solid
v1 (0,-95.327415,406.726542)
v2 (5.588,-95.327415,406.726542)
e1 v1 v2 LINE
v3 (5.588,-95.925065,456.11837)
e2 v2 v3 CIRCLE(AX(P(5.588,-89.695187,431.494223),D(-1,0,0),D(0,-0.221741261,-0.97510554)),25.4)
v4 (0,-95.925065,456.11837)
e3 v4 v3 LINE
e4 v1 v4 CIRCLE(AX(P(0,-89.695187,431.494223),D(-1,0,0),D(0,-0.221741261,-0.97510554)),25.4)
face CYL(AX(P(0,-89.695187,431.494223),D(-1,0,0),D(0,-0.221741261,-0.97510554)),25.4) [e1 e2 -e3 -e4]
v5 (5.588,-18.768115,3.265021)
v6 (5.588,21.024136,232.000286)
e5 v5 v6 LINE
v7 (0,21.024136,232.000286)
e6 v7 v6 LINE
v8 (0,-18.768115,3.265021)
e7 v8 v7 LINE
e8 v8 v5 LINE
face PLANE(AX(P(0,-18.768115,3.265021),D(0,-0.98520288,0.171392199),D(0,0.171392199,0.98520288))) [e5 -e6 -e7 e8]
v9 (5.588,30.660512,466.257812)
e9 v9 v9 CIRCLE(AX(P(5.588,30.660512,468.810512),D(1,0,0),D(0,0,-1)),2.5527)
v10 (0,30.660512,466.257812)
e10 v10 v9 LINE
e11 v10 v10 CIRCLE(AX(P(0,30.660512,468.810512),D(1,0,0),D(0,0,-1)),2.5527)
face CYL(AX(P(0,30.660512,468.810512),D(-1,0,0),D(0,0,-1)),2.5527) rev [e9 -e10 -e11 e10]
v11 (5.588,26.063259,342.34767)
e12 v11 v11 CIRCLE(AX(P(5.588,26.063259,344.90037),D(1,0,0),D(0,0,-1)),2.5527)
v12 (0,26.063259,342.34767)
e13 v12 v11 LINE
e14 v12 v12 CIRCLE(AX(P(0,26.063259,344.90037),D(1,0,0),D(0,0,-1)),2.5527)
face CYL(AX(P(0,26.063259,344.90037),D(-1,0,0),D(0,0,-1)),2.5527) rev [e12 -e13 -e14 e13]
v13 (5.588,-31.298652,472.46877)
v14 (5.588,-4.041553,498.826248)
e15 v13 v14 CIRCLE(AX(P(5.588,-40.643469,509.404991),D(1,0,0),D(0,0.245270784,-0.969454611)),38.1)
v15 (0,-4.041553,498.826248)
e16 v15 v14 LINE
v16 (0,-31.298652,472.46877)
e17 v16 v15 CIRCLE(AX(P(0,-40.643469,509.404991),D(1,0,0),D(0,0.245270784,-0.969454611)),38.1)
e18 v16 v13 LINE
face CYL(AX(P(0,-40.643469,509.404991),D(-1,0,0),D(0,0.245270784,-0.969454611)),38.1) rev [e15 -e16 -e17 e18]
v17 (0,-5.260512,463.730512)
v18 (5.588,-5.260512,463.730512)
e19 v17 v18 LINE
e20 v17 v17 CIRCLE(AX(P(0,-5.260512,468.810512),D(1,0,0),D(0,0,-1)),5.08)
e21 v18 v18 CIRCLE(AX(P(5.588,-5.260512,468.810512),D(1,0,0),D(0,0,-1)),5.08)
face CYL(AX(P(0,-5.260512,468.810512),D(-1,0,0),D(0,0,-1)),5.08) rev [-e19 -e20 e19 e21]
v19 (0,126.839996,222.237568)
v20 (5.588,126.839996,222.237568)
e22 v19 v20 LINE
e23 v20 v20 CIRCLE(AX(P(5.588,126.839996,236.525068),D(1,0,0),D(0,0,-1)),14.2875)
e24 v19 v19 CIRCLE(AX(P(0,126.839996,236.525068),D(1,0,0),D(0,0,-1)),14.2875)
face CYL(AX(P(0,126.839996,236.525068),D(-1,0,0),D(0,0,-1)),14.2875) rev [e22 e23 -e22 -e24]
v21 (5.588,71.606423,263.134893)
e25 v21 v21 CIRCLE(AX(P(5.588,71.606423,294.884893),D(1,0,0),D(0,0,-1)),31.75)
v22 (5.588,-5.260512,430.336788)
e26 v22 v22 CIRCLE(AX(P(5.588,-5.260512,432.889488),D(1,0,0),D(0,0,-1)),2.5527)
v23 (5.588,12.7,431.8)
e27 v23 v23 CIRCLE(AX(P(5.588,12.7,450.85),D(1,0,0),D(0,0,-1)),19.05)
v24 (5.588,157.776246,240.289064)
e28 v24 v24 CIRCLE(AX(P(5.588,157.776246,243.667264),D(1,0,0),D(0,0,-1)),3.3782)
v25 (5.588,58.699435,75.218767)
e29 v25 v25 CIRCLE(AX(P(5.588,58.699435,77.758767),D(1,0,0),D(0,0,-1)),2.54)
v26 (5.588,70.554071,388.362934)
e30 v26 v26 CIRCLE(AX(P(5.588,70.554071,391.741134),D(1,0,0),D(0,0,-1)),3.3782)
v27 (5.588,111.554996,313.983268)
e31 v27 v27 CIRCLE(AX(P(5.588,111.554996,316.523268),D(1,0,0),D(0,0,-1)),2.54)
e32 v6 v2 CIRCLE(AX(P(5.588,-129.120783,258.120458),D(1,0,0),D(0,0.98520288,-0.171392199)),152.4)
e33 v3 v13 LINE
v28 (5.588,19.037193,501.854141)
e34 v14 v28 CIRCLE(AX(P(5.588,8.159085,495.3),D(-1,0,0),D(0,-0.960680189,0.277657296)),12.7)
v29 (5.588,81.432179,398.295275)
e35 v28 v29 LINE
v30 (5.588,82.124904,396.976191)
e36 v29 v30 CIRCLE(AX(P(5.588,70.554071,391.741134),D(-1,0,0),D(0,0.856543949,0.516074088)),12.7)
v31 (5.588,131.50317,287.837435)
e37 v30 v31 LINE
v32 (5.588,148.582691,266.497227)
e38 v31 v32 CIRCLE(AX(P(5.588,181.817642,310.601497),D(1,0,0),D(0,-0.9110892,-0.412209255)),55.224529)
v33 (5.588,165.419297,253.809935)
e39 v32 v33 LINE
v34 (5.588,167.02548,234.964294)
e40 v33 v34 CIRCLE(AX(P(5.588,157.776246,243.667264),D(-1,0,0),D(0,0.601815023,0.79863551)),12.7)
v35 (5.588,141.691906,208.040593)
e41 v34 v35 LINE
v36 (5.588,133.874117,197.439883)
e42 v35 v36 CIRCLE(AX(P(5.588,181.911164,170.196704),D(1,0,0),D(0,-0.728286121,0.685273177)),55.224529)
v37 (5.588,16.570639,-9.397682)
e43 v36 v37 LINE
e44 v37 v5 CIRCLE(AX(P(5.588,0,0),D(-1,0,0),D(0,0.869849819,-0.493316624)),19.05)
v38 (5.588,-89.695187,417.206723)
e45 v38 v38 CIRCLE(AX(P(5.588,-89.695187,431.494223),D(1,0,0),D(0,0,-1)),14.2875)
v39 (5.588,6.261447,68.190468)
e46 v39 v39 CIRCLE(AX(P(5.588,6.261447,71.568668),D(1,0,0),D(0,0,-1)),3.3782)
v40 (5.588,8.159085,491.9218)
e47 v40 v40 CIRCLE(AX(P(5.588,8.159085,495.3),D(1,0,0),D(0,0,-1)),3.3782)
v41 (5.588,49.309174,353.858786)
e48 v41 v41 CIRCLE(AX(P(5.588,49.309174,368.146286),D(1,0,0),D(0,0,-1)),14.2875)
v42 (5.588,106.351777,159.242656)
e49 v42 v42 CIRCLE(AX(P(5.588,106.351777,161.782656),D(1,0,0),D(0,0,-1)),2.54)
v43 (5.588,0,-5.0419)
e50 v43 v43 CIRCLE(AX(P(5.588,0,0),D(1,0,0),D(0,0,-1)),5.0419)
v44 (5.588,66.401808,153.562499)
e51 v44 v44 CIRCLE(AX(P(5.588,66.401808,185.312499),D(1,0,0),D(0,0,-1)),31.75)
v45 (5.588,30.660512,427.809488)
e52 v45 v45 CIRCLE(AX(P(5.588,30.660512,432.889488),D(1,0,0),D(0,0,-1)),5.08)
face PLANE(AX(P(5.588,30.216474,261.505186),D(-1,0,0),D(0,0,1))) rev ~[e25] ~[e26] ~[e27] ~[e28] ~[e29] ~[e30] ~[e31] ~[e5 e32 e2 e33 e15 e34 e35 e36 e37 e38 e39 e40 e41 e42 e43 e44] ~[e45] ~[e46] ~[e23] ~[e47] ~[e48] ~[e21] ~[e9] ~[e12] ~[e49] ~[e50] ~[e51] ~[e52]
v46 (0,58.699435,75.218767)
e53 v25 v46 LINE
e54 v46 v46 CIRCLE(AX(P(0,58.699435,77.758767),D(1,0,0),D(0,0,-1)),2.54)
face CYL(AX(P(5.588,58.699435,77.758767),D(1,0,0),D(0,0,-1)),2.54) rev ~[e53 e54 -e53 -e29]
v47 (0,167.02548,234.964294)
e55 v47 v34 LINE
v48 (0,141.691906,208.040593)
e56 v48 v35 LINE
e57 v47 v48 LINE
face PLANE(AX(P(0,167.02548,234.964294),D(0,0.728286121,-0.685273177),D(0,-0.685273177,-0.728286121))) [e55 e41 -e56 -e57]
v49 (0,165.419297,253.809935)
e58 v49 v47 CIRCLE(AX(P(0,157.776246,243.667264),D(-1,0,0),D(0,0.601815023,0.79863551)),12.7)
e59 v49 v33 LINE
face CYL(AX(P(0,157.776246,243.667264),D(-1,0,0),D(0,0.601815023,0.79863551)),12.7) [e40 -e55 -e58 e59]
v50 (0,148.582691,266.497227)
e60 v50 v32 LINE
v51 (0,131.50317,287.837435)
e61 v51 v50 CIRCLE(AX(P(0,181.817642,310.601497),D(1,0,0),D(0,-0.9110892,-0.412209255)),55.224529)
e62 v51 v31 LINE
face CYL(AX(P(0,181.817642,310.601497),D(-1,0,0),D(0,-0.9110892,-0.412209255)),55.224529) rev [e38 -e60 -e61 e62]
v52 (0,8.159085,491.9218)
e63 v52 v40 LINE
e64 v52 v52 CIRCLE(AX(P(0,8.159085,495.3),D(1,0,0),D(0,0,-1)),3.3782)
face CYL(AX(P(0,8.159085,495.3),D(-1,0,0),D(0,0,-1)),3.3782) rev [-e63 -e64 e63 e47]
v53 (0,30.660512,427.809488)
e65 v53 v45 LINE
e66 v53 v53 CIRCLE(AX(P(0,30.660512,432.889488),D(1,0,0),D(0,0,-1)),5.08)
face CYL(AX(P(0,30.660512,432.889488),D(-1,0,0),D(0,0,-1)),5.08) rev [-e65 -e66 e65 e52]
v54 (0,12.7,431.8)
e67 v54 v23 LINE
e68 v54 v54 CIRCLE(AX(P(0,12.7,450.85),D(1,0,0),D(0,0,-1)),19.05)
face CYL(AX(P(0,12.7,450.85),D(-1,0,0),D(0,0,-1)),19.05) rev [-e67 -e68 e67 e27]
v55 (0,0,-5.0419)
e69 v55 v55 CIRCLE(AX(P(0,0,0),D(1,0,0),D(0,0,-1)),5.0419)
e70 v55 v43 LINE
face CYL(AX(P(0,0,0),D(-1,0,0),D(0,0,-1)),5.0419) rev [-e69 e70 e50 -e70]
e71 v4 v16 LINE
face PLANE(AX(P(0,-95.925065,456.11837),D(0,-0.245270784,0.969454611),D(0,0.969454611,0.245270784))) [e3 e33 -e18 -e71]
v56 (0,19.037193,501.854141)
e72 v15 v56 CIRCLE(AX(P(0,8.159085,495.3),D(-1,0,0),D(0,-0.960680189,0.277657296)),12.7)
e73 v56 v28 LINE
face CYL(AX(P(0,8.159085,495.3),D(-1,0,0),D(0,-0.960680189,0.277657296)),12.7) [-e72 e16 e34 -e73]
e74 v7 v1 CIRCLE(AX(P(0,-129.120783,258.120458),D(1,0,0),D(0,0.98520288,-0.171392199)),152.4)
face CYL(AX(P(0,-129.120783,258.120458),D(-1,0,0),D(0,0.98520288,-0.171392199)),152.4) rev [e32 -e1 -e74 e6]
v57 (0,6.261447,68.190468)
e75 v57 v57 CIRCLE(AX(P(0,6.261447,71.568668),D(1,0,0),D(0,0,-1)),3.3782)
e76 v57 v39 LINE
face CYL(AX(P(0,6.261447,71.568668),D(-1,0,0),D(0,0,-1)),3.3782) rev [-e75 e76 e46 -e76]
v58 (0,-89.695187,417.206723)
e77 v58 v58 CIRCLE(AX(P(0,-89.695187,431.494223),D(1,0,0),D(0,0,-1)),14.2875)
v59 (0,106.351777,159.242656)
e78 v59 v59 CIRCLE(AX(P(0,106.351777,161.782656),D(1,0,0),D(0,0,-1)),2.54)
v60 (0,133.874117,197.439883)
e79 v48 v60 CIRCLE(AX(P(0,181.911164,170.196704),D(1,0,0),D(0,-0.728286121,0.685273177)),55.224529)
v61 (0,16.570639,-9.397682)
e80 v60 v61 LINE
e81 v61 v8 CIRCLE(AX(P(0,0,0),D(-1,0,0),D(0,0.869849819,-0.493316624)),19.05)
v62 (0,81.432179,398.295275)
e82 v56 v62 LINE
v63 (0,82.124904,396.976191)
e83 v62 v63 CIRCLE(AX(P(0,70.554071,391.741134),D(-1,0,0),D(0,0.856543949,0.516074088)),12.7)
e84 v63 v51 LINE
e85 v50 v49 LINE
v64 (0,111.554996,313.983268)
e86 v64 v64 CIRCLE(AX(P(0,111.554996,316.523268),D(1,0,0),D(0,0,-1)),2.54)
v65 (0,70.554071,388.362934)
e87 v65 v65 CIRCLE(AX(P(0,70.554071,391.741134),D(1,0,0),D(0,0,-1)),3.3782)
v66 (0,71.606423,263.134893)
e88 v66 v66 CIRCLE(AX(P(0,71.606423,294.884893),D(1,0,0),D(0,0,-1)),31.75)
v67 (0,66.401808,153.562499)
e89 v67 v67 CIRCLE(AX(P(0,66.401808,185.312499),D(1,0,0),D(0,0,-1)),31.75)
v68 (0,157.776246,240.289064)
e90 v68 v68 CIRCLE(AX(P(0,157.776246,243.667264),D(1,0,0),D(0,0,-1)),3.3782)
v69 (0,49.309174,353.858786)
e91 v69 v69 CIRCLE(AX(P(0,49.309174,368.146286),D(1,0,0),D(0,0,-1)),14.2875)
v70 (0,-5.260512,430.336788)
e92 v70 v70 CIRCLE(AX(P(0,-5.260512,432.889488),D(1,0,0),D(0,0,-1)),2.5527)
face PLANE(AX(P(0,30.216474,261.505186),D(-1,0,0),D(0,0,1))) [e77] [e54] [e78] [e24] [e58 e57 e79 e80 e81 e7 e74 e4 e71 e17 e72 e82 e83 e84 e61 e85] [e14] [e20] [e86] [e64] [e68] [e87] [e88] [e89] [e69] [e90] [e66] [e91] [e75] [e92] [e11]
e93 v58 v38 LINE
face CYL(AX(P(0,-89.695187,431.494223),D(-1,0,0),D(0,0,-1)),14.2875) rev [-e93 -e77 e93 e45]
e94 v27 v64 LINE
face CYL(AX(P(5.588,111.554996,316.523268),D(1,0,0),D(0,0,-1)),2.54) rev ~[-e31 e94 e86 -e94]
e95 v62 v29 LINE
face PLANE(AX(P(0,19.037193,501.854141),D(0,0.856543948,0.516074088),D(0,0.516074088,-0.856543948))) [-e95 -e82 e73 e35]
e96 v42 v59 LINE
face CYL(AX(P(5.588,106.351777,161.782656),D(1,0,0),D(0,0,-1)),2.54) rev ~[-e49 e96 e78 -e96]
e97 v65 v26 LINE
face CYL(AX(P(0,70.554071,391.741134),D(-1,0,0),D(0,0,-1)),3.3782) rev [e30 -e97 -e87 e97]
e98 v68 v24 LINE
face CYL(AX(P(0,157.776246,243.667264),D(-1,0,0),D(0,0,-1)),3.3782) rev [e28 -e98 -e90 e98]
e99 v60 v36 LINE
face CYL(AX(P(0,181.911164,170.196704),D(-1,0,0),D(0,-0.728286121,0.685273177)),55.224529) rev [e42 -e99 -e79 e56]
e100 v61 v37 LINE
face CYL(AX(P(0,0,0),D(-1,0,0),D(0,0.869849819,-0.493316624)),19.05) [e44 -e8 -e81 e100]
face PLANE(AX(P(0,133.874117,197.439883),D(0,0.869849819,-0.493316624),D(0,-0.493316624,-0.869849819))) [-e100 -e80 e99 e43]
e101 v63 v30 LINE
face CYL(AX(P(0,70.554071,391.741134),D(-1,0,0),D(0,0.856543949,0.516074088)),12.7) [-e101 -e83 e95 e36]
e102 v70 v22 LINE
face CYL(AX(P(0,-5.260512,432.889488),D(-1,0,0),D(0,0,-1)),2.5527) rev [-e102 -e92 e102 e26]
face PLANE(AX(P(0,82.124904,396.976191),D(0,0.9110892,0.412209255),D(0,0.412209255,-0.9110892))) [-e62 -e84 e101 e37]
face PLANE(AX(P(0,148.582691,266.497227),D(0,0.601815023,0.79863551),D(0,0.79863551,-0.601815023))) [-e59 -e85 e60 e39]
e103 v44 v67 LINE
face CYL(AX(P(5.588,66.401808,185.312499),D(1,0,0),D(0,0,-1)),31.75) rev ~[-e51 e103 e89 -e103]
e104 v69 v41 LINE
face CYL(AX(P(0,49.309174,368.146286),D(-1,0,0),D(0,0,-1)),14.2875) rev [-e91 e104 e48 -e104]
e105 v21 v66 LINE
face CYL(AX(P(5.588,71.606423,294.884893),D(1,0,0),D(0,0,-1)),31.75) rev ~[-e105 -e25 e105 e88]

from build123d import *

# Parameters (mm, degrees)
SKETCH2_R           = 14.2875
SKETCH2_R_2         = 19.05
SKETCH2_R_3         = 2.5527
SKETCH2_R_4         = 5.0419
SKETCH2_R_5         = 3.3782
SKETCH2_R_6         = 5.08
BOSS_EXTRUDE1_DEPTH = 5.588
SKETCH4_R           = 31.75
SKETCH4_R_2         = 2.54
CUT_EXTRUDE1_DEPTH  = 6.588


with BuildPart() as part:
    # Sketch2 → Boss-Extrude1 (new body)
    with BuildSketch(Plane(origin=(0, 0, 0), x_dir=(0, 0, -1), z_dir=(1, 0, 0))):
        with BuildLine():
            Line((-456.118369633, -95.925064686), (-472.468769944, -31.298651711))
            ThreePointArc((-472.468769944, -31.298651711), (-482.016027605, -14.158478394), (-498.826247655, -4.041553364))
            ThreePointArc((-498.826247655, -4.041553364), (-507.892088549, 6.507023908), (-501.854140922, 19.037193183))
            Line((-501.854140922, 19.037193183), (-398.295274803, 81.43217891))
            ThreePointArc((-398.295274803, 81.43217891), (-397.645900343, 81.797901654), (-396.976191421, 82.124903604))
            Line((-396.976191421, 82.124903604), (-287.837435211, 131.503170214))
            ThreePointArc((-287.837435211, 131.503170214), (-276.093947879, 138.70177912), (-266.497227284, 148.582690958))
            Line((-266.497227284, 148.582690958), (-253.809934756, 165.419296806))
            ThreePointArc((-253.809934756, 165.419296806), (-244.745753976, 170.430370198), (-234.964294435, 167.025479743))
            Line((-234.964294435, 167.025479743), (-208.040592879, 141.691905515))
            ThreePointArc((-208.040592879, 141.691905515), (-202.97415121, 137.465830921), (-197.439882679, 133.87411692))
            Line((-197.439882679, 133.87411692), (9.397681692, 16.570639059))
            ThreePointArc((9.397681692, 16.570639059), (17.93346767, -6.425981428), (-3.265021391, -18.768114858))
            Line((-3.265021391, -18.768114858), (-232.00028645, 21.024135937))
            ThreePointArc((-232.00028645, 21.024135937), (-342.59010045, -2.271898683), (-406.726541812, -95.327414797))
            ThreePointArc((-406.726541812, -95.327414797), (-431.186900503, -115.093327518), (-456.118369633, -95.925064686))
        make_face()
        with Locations((-236.525067803, 126.839996455)):
            Circle(SKETCH2_R, mode=Mode.SUBTRACT)
        with Locations((-368.146285671, 49.309174015)):
            Circle(SKETCH2_R, mode=Mode.SUBTRACT)
        with Locations((-431.494222517, -89.695186775)):
            Circle(SKETCH2_R, mode=Mode.SUBTRACT)
        with Locations((-450.85, 12.7)):
            Circle(SKETCH2_R_2, mode=Mode.SUBTRACT)
        with Locations((-344.900370281, 26.063258625)):
            Circle(SKETCH2_R_3, mode=Mode.SUBTRACT)
        Circle(SKETCH2_R_4, mode=Mode.SUBTRACT)
        with Locations((-71.568668283, 6.261447138)):
            Circle(SKETCH2_R_5, mode=Mode.SUBTRACT)
        with Locations((-391.74113388, 70.554070767)):
            Circle(SKETCH2_R_5, mode=Mode.SUBTRACT)
        with Locations((-243.667263779, 157.776246012)):
            Circle(SKETCH2_R_5, mode=Mode.SUBTRACT)
        with Locations((-432.889487758, 30.660512242)):
            Circle(SKETCH2_R_6, mode=Mode.SUBTRACT)
        with Locations((-468.810512242, 30.660512242)):
            Circle(SKETCH2_R_3, mode=Mode.SUBTRACT)
        with Locations((-468.810512242, -5.260512242)):
            Circle(SKETCH2_R_6, mode=Mode.SUBTRACT)
        with Locations((-432.889487758, -5.260512242)):
            Circle(SKETCH2_R_3, mode=Mode.SUBTRACT)
        with Locations((-495.3, 8.15908504)):
            Circle(SKETCH2_R_5, mode=Mode.SUBTRACT)
    extrude(amount=BOSS_EXTRUDE1_DEPTH)

    # Sketch4 → Cut-Extrude1 (cut, through all)
    with BuildSketch(Plane(origin=(5.588, 0, 0), x_dir=(0, 0, -1), z_dir=(1, 0, 0))):
        with Locations((-294.8848929, 71.606423498)):
            Circle(SKETCH4_R)
        with Locations((-185.31249926, 66.401808093)):
            Circle(SKETCH4_R)
        with Locations((-316.523268338, 111.55499619)):
            Circle(SKETCH4_R_2)
        with Locations((-161.782656077, 106.351776712)):
            Circle(SKETCH4_R_2)
        with Locations((-77.758767474, 58.699434709)):
            Circle(SKETCH4_R_2)
    extrude(amount=-CUT_EXTRUDE1_DEPTH, mode=Mode.SUBTRACT)


solid = part.part
